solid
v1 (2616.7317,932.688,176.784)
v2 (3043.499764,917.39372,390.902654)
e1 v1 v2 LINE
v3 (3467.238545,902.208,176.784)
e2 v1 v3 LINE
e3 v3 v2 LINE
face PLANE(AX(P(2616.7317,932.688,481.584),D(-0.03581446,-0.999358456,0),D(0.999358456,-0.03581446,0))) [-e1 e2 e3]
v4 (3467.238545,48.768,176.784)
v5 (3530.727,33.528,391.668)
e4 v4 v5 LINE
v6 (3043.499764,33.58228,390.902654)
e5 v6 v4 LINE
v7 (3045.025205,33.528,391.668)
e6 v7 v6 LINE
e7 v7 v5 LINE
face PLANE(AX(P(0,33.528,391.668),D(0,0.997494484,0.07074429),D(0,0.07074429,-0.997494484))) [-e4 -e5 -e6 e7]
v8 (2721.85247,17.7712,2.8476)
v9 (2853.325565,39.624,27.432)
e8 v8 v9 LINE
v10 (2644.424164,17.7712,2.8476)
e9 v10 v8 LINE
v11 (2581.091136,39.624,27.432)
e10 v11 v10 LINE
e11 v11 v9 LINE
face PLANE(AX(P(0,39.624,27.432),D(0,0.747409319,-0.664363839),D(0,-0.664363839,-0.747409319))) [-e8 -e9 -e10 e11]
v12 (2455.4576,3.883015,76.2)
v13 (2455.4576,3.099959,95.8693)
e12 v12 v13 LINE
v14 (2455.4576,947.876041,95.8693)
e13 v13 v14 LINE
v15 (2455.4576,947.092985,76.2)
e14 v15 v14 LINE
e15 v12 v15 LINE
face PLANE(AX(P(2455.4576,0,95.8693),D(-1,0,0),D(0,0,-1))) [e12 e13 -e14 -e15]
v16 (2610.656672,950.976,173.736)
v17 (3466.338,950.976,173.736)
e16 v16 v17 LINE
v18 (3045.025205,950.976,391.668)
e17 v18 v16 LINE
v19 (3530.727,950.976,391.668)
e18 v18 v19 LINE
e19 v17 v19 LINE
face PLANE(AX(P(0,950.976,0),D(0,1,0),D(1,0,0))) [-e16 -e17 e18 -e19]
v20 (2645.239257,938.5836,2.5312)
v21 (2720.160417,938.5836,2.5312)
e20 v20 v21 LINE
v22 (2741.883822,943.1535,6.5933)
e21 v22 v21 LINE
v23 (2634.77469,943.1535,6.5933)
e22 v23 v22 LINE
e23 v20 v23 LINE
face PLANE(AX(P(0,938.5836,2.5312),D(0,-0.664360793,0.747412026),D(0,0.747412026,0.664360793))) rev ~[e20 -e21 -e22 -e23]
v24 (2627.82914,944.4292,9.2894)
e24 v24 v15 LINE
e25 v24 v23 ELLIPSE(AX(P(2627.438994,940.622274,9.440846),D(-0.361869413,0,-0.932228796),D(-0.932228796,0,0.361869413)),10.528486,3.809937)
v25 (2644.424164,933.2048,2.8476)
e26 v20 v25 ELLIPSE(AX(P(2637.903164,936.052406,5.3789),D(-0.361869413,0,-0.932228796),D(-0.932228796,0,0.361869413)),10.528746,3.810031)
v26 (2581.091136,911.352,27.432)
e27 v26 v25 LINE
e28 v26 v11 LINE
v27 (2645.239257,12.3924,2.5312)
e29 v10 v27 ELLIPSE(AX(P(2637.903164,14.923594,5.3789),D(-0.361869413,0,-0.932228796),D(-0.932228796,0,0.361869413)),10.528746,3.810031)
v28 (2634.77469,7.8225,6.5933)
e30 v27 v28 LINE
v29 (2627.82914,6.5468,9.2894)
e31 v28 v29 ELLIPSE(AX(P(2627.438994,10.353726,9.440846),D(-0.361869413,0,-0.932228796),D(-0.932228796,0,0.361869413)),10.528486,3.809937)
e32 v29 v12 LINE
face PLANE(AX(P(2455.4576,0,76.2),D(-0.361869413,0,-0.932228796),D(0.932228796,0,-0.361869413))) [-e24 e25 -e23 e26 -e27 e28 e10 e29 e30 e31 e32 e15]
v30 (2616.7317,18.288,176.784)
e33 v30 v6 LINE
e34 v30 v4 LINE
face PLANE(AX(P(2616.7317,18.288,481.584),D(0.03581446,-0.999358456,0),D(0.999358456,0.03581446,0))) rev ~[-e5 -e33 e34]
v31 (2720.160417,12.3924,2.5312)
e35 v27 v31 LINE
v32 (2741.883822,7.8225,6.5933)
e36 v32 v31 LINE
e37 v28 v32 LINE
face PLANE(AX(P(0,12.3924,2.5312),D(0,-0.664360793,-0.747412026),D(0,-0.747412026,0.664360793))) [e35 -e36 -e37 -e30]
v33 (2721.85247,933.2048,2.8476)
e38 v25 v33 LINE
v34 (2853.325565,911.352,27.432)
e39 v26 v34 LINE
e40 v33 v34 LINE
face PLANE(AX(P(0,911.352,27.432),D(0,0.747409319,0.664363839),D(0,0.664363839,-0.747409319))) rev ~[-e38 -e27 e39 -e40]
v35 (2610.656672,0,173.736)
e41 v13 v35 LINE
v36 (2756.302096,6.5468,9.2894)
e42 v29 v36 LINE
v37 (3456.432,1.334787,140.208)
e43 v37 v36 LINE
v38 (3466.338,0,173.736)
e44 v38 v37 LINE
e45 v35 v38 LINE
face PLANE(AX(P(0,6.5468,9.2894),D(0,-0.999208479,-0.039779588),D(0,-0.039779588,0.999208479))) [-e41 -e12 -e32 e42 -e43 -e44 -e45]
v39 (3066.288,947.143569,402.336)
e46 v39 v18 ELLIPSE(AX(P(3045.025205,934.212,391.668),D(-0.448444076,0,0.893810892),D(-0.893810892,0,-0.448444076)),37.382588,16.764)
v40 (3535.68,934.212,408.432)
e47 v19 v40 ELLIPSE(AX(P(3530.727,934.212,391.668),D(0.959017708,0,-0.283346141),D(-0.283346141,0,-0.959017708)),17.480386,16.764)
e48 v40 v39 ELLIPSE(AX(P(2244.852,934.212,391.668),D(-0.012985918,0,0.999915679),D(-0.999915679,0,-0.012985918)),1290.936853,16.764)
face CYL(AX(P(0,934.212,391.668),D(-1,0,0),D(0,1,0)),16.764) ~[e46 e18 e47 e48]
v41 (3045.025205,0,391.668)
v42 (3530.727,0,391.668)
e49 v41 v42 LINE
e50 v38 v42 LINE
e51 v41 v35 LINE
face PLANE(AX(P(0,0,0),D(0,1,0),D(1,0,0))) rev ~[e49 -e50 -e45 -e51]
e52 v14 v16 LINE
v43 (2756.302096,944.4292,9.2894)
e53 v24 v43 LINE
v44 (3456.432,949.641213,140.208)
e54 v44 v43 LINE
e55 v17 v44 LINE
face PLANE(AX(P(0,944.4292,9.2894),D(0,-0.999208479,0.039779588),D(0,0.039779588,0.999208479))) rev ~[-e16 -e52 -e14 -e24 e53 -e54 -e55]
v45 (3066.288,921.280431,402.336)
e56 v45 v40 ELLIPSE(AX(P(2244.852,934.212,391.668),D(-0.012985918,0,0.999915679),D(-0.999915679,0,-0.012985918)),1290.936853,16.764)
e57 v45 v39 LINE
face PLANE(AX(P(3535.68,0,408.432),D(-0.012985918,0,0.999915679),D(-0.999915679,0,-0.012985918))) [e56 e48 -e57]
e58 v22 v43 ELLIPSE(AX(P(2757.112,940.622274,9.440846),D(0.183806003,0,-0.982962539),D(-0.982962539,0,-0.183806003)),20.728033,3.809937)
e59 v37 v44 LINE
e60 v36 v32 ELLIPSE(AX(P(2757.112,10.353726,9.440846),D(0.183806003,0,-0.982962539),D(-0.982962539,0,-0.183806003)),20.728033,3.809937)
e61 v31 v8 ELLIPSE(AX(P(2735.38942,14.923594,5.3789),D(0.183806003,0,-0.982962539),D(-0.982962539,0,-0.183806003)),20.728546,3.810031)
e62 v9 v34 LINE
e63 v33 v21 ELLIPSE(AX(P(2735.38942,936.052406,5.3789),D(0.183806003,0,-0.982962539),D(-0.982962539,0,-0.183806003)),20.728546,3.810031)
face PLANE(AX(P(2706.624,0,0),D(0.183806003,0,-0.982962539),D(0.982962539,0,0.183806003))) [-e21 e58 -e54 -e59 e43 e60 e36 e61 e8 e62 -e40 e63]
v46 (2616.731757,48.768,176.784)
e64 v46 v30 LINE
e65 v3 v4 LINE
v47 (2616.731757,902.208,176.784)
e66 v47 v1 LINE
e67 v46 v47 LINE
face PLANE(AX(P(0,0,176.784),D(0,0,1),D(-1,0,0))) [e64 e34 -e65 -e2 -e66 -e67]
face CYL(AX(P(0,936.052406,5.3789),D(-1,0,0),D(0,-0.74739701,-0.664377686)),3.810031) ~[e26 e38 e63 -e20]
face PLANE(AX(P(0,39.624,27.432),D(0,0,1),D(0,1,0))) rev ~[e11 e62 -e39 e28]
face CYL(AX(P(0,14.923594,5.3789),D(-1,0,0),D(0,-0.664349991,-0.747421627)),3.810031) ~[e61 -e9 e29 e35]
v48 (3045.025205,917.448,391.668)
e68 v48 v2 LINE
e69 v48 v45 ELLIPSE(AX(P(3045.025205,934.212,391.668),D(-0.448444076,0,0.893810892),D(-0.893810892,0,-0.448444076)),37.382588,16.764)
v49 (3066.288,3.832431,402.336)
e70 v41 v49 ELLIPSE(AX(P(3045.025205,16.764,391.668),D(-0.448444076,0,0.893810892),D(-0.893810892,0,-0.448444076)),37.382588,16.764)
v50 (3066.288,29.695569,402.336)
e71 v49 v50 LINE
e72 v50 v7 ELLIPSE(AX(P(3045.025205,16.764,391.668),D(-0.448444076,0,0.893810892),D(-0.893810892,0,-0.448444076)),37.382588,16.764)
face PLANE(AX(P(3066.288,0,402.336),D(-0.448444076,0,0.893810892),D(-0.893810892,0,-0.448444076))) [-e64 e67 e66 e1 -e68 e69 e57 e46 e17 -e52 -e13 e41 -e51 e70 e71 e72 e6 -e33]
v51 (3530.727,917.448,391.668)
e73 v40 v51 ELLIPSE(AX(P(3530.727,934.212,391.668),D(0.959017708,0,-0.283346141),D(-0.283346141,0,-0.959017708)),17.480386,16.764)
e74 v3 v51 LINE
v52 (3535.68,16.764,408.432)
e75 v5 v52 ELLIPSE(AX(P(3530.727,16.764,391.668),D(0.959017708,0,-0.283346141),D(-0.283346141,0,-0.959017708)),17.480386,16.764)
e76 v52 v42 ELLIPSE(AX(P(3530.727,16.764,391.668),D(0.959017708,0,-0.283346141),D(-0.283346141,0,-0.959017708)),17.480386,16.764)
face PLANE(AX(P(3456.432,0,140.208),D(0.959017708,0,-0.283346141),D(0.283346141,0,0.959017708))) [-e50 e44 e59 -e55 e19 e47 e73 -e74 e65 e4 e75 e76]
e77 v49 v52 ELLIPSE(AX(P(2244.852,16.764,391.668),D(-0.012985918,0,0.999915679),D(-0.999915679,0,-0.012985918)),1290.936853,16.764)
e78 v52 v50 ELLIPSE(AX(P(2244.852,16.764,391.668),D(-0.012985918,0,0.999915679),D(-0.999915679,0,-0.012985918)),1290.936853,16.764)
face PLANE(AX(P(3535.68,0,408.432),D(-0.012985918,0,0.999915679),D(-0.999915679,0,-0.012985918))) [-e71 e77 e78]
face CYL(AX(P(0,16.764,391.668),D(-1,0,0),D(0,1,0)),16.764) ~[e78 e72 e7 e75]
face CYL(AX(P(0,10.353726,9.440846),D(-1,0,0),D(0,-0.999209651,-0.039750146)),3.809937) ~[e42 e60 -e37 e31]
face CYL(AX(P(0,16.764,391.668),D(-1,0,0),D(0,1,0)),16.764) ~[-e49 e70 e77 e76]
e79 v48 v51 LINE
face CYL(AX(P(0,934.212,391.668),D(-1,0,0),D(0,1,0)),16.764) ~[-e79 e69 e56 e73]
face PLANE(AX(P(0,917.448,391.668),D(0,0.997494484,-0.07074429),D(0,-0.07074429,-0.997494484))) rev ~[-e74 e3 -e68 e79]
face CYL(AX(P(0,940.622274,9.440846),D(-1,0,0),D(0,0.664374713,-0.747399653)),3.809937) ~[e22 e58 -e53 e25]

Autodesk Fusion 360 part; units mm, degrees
sketch "Sketch7" plane through (0, 0, 0) normal (0, 1, 0) x (1, 0, 0)
  line L0 (2455.4576, -95.8693) -> (2455.4576, -76.2)
  line L1 (2455.4576, -76.2) -> (2651.76, 0)
  line L2 (2651.76, 0) -> (2706.624, 0)
  line L3 (2706.624, 0) -> (3456.432, -140.208)
  line L4 (3456.432, -140.208) -> (3535.68, -408.432)
  line L5 (3535.68, -408.432) -> (3066.288, -402.336)
  line L6 (3066.288, -402.336) -> (2455.4576, -95.8693)
extrude "Extrude5" add sketch "Sketch7" along normal blind 950.976
sketch "Sketch8" plane through (0, 0, 0) normal (1, 0, 0) x (0, 1, 0)
  line L0 (950.976, 426.72) -> (0, 426.72)
  line L1 (475.488, 426.72) -> (475.488, -243.84)
  line L2 (1005.84, 457.2) -> (-54.0718, 457.2)
  line L3 (-54.0718, 457.2) -> (-54.0718, -231.5284)
  line L4 (-54.0718, -231.5284) -> (1005.84, -231.5284)
  line L5 (1005.84, -231.5284) -> (1005.84, 457.2)
  line L6 (911.352, 27.432) -> (933.2048, 2.8476)
  line L7 (938.5836, 2.5312) -> (943.1535, 6.5933)
  line L8 (944.4292, 9.2894) -> (950.976, 173.736)
  line L9 (950.976, 173.736) -> (950.976, 391.668)
  line L10 (917.448, 391.668) -> (902.208, 176.784)
  line L11 (902.208, 176.784) -> (475.488, 176.784)
  arc A0 (950.976, 391.668) -> (917.448, 391.668) centre (934.212, 391.668) ccw
  line L12 (911.352, 27.432) -> (475.488, 27.432)
  arc A1 (933.2048, 2.8476) -> (938.5836, 2.5312) centre (936.0524, 5.3789) ccw
  arc A2 (943.1535, 6.5933) -> (944.4292, 9.2894) centre (940.6223, 9.4409) ccw
  line L13 (48.768, 176.784) -> (475.488, 176.784)
  line L14 (33.528, 391.668) -> (48.768, 176.784)
  arc A3 (33.528, 391.668) -> (0, 391.668) centre (16.764, 391.668) ccw
  line L15 (0, 173.736) -> (0, 391.668)
  line L16 (6.5468, 9.2894) -> (0, 173.736)
  arc A4 (6.5468, 9.2894) -> (7.8225, 6.5933) centre (10.3537, 9.4409) ccw
  line L17 (12.3924, 2.5312) -> (7.8225, 6.5933)
  arc A5 (12.3924, 2.5312) -> (17.7712, 2.8476) centre (14.9236, 5.3789) ccw
  line L18 (39.624, 27.432) -> (17.7712, 2.8476)
  line L19 (39.624, 27.432) -> (475.488, 27.432)
  dimension "d19" = 3.81
extrude "Extrude6" cut sketch "Sketch8" along normal blind 3962.4
ref_plane "WorkPlane3" through (3041.9851, 475.488, 481.584) normal (0, 0, 1) x (0, -1, 0)
sketch "Sketch10" plane through (0, 0, 481.584) normal (0, 0, 1) x (-1, 0, 0)
  line L0 (-2616.7317, -902.208) -> (-2616.7317, -48.768)
  line L1 (-2616.7317, -48.768) -> (-3467.2386, -48.768)
  line L2 (-3467.2386, -48.768) -> (-3467.2386, -902.208)
  line L3 (-3467.2386, -902.208) -> (-2616.7317, -902.208)
  line L4 (-2616.7317, -475.488) -> (-3627.1201, -475.488)
  line L5 (-2616.7317, -475.488) -> (-2616.7317, -932.688)
  line L6 (-2616.7317, -932.688) -> (-3467.2386, -902.208)
  line L7 (-3467.2386, -902.208) -> (-3467.2386, -475.488)
  line L8 (-2616.7317, -475.488) -> (-2616.7317, -18.288)
  line L9 (-2616.7317, -18.288) -> (-3467.2386, -48.768)
  line L10 (-3467.2386, -48.768) -> (-3467.2386, -475.488)
extrude "Extrude7" cut sketch "Sketch10" against normal blind 304.8 contours L3 L5 L6 | L1 L8 L9
